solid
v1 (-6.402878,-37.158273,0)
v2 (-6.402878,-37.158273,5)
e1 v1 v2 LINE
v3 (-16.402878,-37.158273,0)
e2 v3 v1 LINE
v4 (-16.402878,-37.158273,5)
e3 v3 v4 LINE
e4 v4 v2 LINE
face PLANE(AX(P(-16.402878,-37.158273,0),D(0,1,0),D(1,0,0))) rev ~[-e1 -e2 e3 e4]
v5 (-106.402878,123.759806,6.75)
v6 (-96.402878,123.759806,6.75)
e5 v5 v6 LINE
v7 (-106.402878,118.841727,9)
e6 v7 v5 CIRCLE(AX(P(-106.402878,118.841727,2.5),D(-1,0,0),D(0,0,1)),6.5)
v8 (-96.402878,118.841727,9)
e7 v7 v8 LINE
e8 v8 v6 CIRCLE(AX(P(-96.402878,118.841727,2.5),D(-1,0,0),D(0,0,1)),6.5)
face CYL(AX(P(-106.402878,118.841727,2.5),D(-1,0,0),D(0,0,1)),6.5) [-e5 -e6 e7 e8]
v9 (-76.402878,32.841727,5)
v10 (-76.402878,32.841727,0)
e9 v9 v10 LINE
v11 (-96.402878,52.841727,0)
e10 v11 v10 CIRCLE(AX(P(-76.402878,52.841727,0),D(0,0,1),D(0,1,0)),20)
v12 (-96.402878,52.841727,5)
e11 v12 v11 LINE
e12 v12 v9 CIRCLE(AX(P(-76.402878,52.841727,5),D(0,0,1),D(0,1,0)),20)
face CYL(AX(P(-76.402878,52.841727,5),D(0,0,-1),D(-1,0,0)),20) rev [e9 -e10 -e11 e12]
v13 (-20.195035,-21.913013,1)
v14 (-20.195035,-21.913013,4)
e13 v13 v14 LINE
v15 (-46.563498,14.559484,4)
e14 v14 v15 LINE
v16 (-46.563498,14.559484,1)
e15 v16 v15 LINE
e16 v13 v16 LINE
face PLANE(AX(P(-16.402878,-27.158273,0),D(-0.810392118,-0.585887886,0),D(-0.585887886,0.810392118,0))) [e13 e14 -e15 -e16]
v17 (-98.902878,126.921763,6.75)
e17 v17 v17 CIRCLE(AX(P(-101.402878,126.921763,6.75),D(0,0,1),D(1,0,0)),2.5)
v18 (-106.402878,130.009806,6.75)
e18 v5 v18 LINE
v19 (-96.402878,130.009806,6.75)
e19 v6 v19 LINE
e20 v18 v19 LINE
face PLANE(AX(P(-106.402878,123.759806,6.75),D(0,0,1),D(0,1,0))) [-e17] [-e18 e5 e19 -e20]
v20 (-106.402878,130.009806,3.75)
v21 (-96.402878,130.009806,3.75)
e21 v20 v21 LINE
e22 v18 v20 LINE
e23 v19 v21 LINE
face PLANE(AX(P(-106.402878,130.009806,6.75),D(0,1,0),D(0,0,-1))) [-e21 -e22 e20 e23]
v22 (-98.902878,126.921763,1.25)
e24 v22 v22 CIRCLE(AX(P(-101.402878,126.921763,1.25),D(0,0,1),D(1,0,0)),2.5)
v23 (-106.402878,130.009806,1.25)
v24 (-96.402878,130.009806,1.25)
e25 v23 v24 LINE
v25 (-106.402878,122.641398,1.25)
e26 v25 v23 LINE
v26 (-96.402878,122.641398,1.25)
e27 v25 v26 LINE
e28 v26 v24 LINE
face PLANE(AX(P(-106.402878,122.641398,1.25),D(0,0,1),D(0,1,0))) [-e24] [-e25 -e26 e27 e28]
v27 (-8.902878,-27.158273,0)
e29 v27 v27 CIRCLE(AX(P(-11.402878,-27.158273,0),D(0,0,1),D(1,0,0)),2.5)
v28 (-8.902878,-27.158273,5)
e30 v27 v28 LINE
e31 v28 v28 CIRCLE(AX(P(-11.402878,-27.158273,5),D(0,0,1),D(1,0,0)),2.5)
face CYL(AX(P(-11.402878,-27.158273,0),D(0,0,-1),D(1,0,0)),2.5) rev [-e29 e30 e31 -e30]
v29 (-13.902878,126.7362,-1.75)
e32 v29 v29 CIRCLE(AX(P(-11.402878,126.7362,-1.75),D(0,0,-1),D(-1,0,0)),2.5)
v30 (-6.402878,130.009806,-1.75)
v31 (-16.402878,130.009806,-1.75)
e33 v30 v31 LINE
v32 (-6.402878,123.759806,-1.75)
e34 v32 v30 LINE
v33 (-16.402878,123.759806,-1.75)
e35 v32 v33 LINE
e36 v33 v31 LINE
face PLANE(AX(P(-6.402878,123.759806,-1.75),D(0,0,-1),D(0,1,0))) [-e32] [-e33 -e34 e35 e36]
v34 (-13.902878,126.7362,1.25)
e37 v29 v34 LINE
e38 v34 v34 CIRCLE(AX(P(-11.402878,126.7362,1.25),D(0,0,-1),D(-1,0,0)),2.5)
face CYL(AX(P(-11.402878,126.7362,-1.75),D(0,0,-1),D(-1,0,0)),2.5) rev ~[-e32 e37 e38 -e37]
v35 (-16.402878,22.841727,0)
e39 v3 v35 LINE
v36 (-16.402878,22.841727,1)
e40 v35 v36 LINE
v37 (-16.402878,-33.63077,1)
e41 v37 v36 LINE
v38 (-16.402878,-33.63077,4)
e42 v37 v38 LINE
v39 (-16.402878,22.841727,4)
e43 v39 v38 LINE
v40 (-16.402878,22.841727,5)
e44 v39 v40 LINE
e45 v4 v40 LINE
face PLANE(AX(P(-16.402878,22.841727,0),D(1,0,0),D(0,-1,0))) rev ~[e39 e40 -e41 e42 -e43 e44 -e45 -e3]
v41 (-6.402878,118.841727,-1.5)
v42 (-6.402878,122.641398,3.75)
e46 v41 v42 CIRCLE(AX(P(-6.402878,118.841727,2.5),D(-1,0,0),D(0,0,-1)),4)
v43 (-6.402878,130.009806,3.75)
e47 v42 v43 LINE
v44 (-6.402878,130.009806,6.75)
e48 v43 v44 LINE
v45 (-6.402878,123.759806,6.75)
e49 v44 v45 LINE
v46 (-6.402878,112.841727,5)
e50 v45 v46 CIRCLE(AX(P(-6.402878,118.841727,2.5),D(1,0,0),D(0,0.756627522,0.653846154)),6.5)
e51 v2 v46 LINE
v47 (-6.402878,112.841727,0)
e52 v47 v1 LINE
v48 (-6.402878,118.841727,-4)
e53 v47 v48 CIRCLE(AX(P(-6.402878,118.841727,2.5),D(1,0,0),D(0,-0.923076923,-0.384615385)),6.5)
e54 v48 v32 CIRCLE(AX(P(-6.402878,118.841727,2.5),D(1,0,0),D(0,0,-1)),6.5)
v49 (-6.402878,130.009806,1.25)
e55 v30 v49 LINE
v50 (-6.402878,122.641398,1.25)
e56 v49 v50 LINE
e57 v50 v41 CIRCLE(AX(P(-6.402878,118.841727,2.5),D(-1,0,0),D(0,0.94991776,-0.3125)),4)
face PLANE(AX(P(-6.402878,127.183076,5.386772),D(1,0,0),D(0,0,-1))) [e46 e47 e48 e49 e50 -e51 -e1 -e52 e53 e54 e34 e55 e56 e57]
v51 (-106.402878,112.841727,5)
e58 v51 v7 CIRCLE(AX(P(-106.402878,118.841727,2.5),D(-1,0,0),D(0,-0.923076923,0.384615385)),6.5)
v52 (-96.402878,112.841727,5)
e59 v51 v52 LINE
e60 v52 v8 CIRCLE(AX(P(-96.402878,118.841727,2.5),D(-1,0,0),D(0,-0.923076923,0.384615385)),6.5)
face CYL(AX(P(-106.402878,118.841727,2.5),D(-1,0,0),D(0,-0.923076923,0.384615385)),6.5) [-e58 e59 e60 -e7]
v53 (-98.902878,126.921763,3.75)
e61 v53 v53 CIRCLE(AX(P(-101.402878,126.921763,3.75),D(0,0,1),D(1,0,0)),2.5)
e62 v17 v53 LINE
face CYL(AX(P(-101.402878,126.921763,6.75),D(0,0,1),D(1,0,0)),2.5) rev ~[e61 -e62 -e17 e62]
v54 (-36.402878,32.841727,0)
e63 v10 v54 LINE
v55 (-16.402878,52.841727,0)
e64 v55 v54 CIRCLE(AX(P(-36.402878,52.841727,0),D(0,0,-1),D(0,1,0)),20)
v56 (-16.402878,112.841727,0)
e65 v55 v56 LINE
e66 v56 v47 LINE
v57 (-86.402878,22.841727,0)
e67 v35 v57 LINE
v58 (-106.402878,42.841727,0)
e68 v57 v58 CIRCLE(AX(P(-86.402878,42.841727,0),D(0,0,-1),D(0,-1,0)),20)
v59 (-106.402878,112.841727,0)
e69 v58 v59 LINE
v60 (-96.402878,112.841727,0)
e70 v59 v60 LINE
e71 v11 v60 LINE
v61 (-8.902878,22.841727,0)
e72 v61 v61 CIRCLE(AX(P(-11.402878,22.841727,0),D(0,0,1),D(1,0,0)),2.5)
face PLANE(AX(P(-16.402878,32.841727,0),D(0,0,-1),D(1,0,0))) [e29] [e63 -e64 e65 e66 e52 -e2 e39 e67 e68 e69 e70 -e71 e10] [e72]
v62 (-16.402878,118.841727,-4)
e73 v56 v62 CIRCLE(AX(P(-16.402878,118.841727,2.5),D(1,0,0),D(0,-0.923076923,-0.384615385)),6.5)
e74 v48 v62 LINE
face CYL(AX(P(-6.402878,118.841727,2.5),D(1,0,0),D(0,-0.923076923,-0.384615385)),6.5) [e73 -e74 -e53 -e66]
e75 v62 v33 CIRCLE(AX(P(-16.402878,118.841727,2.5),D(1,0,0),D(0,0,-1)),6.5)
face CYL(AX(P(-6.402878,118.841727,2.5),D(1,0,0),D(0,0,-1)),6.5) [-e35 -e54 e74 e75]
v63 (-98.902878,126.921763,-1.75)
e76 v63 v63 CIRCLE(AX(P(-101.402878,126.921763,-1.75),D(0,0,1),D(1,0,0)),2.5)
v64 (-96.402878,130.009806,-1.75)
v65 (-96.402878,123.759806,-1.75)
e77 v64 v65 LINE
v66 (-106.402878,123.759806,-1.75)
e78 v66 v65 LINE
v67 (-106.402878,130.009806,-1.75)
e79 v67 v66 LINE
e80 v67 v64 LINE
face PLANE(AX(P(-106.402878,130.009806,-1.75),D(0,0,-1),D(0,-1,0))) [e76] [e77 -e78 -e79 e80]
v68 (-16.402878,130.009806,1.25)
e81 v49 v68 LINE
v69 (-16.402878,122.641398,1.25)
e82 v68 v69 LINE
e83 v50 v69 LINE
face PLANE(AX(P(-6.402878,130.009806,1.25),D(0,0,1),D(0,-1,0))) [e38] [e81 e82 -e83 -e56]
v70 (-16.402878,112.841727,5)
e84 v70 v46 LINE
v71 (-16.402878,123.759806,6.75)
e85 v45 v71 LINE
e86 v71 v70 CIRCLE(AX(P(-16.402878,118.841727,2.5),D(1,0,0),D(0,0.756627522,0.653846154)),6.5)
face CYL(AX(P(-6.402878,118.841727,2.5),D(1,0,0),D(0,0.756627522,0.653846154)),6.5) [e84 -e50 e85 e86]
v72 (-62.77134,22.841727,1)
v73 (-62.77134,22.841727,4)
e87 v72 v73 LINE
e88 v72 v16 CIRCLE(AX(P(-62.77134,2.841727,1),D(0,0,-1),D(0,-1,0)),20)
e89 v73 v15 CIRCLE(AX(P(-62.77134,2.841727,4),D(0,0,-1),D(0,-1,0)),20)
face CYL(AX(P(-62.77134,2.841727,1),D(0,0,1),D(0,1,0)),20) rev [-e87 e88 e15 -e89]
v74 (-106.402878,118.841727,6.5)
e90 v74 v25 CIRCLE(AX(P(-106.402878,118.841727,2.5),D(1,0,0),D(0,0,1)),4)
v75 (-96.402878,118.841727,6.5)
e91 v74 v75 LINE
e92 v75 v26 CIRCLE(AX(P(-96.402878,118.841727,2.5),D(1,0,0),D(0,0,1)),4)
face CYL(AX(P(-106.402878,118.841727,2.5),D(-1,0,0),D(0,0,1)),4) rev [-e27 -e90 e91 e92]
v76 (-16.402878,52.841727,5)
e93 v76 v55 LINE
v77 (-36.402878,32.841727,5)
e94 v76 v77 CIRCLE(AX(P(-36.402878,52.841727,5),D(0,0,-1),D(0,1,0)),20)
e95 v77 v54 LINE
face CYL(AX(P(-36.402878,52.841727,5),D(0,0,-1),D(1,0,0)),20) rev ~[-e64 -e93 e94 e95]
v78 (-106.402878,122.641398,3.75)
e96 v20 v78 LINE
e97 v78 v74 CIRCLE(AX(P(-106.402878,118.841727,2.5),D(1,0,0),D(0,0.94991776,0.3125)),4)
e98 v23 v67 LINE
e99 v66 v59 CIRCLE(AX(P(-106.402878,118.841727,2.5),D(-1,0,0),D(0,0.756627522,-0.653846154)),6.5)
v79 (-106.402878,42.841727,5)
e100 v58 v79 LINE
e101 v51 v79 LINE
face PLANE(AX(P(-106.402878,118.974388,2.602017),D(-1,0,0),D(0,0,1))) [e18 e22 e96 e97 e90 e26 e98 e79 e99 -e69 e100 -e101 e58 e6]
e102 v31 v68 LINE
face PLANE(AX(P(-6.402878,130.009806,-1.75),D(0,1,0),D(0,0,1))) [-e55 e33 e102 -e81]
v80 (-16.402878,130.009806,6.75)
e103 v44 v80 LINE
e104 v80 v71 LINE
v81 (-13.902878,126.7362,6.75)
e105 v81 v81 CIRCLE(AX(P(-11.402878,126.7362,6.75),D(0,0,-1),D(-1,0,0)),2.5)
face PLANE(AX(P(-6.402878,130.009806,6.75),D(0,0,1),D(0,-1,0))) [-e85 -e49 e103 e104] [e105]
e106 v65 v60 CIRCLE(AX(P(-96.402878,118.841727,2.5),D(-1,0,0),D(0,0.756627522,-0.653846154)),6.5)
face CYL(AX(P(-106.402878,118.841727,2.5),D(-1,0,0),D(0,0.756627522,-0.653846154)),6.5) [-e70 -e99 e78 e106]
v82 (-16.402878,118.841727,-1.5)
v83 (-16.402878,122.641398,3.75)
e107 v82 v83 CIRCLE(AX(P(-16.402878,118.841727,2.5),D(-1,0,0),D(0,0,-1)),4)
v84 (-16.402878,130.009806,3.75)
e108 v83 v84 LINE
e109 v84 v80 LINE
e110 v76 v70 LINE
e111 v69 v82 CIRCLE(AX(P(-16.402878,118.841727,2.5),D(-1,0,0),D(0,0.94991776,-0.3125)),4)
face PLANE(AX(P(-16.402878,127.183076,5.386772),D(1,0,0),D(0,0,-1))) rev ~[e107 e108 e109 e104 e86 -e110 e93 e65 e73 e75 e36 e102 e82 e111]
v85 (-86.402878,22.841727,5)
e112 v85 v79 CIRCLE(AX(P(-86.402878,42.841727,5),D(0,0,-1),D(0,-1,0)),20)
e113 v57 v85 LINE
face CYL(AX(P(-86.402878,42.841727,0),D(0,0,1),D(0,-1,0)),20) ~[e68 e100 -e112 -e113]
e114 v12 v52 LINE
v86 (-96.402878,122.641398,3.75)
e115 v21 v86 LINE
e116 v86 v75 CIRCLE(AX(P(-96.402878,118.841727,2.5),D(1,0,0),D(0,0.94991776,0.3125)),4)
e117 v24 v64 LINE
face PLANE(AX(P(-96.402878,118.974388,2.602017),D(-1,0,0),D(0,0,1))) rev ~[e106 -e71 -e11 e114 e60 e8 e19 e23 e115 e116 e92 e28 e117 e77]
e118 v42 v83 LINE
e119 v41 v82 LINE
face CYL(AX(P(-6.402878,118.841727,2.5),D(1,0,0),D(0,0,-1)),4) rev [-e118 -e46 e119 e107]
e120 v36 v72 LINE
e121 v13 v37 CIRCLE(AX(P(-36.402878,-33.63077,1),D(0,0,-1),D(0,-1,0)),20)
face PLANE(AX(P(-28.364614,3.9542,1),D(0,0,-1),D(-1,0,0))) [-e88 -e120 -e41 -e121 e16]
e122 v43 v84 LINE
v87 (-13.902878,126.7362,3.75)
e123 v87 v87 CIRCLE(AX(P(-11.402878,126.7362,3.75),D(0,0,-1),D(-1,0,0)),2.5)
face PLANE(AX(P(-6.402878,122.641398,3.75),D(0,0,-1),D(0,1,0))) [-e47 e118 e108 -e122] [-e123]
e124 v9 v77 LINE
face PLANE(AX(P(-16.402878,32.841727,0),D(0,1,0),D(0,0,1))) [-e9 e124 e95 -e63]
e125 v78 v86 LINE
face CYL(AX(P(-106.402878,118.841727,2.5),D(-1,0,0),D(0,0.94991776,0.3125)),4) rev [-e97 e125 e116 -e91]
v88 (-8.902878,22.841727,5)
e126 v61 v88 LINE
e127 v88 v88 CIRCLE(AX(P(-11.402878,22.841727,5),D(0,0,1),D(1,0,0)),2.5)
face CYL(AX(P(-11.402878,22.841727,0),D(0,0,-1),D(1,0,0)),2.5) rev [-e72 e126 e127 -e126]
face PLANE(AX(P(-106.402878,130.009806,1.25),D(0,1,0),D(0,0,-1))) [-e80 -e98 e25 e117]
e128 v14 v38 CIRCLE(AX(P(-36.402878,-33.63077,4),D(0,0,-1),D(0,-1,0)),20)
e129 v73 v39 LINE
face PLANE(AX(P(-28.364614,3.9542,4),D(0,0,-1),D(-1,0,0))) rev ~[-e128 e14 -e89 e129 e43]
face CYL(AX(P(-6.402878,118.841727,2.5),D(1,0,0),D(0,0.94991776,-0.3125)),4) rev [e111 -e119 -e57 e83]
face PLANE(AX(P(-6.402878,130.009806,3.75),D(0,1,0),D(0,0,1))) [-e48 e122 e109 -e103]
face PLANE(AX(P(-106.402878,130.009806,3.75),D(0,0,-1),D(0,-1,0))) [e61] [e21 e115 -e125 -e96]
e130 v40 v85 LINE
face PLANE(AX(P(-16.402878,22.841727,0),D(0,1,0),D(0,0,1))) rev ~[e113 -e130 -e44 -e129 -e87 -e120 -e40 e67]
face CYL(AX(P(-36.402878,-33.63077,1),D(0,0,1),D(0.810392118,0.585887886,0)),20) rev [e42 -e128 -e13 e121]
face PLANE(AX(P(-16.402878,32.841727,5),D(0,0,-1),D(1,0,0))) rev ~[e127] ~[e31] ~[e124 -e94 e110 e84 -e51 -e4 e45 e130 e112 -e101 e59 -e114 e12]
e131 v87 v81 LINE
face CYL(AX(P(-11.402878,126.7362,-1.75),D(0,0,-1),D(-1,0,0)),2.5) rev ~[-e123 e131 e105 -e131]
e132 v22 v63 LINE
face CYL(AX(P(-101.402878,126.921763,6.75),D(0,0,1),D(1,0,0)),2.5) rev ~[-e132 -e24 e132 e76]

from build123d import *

# Parameters (mm, degrees)
SKETCH1_W           = 10
SKETCH1_H           = 70
SKETCH1_R           = 2.5
BOSS_EXTRUDE1_DEPTH = 5
SKETCH2_W           = 5
SKETCH2_H           = 10
BOSS_EXTRUDE2_DEPTH = 90
BOSS_EXTRUDE3_DEPTH = 4
SKETCH5_W           = 10
SKETCH5_H           = 5
BOSS_EXTRUDE4_DEPTH = 80
BOSS_EXTRUDE5_DEPTH = 10
SKETCH7_R           = 2.5
CUT_EXTRUDE1_DEPTH  = 10
BOSS_EXTRUDE6_DEPTH = 10
SKETCH9_R           = 2.5
CUT_EXTRUDE2_DEPTH  = 10
CUT_EXTRUDE3_DEPTH  = 1
FILLET1_R           = 20


with BuildPart() as part:
    # Sketch1 → Boss-Extrude1 (new body)
    with BuildSketch(Plane.XY):
        with Locations((-11.402877698, -2.158273381)):
            Rectangle(SKETCH1_W, SKETCH1_H)
        with Locations((-11.402877698, 22.841726619)):
            Circle(SKETCH1_R, mode=Mode.SUBTRACT)
        with Locations((-11.402877698, -27.158273381)):
            Circle(SKETCH1_R, mode=Mode.SUBTRACT)
    extrude(amount=BOSS_EXTRUDE1_DEPTH)

    # Sketch2 → Boss-Extrude2 (add)
    with BuildSketch(Plane.ZY.offset(16.402877698)):
        with Locations((2.5, 27.841726619)):
            Rectangle(SKETCH2_W, SKETCH2_H)
    extrude(amount=BOSS_EXTRUDE2_DEPTH)

    # Sketch3 → Boss-Extrude3 (add)
    with BuildSketch(Plane(origin=(0, 0, 0), x_dir=(-1, 0, 0), z_dir=(0, 0, -1))):
        Polygon((16.402877698, -27.158273381), (52.551297267, 22.841726619), (16.402877698, 22.841726619), align=None)
    extrude(amount=-BOSS_EXTRUDE3_DEPTH)

    # Sketch5 → Boss-Extrude4 (add)
    with BuildSketch(Plane(origin=(0, 32.841726619, 0), x_dir=(1, 0, 0), z_dir=(0, 1, 0))):
        with Locations((-11.402877698, -2.5)):
            Rectangle(SKETCH5_W, SKETCH5_H)
        with Locations((-101.402877698, -2.5)):
            Rectangle(SKETCH5_W, SKETCH5_H)
    extrude(amount=BOSS_EXTRUDE4_DEPTH)

    # Sketch6 → Boss-Extrude5 (add)
    with BuildSketch(Plane(origin=(-6.402877698, 0, 0), x_dir=(0, 0, -1), z_dir=(1, 0, 0))):
        with BuildLine():
            Line((-6.75, 130.009805512), (-6.75, 123.759805512))
            ThreePointArc((-6.75, 123.759805512), (-5.34531818, 124.685883055), (-3.75, 125.22040203))
            Line((-3.75, 125.22040203), (-3.75, 130.009805512))
            Line((-3.75, 130.009805512), (-6.75, 130.009805512))
        make_face()
        with BuildLine():
            ThreePointArc((-3.75, 125.22040203), (-5.34531818, 124.685883055), (-6.75, 123.759805512))
            ThreePointArc((-6.75, 123.759805512), (-8.918078893, 117.813007357), (-5, 112.841726619))
            Line((-5, 112.841726619), (0, 112.841726619))
            ThreePointArc((0, 112.841726619), (2.908326913, 115.236175343), (4, 118.841726619))
            ThreePointArc((4, 118.841726619), (3.410795209, 121.545890075), (1.75, 123.759805512))
            ThreePointArc((1.75, 123.759805512), (0.34531818, 124.685883055), (-1.25, 125.22040203))
            Line((-1.25, 125.22040203), (-1.25, 122.641397657))
            ThreePointArc((-1.25, 122.641397657), (0.740370349, 121.186934499), (1.5, 118.841726619))
            ThreePointArc((1.5, 118.841726619), (-4.84520788, 115.60135627), (-3.75, 122.641397657))
            Line((-3.75, 122.641397657), (-3.75, 125.22040203))
        make_face()
        with BuildLine():
            Line((-1.25, 130.009805512), (-1.25, 125.22040203))
            ThreePointArc((-1.25, 125.22040203), (0.34531818, 124.685883055), (1.75, 123.759805512))
            Line((1.75, 123.759805512), (1.75, 130.009805512))
            Line((1.75, 130.009805512), (-1.25, 130.009805512))
        make_face()
    extrude(amount=-BOSS_EXTRUDE5_DEPTH)

    # Sketch7 → Cut-Extrude1 (cut)
    with BuildSketch(Plane(origin=(0, 0, -1.75), x_dir=(-1, 0, 0), z_dir=(0, 0, -1))):
        with Locations((11.402877698, 126.736200343)):
            Circle(SKETCH7_R)
    extrude(amount=-CUT_EXTRUDE1_DEPTH, mode=Mode.SUBTRACT)

    # Sketch8 → Boss-Extrude6 (add)
    with BuildSketch(Plane.ZY.offset(106.402877698)):
        with BuildLine():
            ThreePointArc((1.25, 125.22040203), (-0.34531818, 124.685883055), (-1.75, 123.759805512))
            ThreePointArc((-1.75, 123.759805512), (-3.918078893, 117.813007357), (0, 112.841726619))
            Line((0, 112.841726619), (5, 112.841726619))
            ThreePointArc((5, 112.841726619), (7.908326913, 115.236175343), (9, 118.841726619))
            ThreePointArc((9, 118.841726619), (8.410795209, 121.545890075), (6.75, 123.759805512))
            ThreePointArc((6.75, 123.759805512), (5.34531818, 124.685883055), (3.75, 125.22040203))
            Line((3.75, 125.22040203), (3.75, 122.641397657))
            ThreePointArc((3.75, 122.641397657), (5.740370349, 121.186934499), (6.5, 118.841726619))
            ThreePointArc((6.5, 118.841726619), (0.15479212, 115.60135627), (1.25, 122.641397657))
            Line((1.25, 122.641397657), (1.25, 125.22040203))
        make_face()
        with BuildLine():
            Line((1.25, 130.009805512), (-1.75, 130.009805512))
            Line((-1.75, 130.009805512), (-1.75, 123.759805512))
            ThreePointArc((-1.75, 123.759805512), (-0.34531818, 124.685883055), (1.25, 125.22040203))
            Line((1.25, 125.22040203), (1.25, 130.009805512))
        make_face()
        with BuildLine():
            Line((3.75, 130.009805512), (3.75, 125.22040203))
            ThreePointArc((3.75, 125.22040203), (5.34531818, 124.685883055), (6.75, 123.759805512))
            Line((6.75, 123.759805512), (6.75, 130.009805512))
            Line((6.75, 130.009805512), (3.75, 130.009805512))
        make_face()
    extrude(amount=-BOSS_EXTRUDE6_DEPTH)

    # Sketch9 → Cut-Extrude2 (cut)
    with BuildSketch(Plane.XY.offset(6.75)):
        with Locations((-101.402877698, 126.921763381)):
            Circle(SKETCH9_R)
    extrude(amount=-CUT_EXTRUDE2_DEPTH, mode=Mode.SUBTRACT)

    # Sketch10 → Cut-Extrude3 (cut)
    with BuildSketch(Plane(origin=(0, 0, 0), x_dir=(-1, 0, 0), z_dir=(0, 0, -1))):
        Polygon((16.402877698, -27.158273381), (52.551297267, 22.841726619), (16.402877698, 22.841726619), align=None)
    extrude(amount=-CUT_EXTRUDE3_DEPTH, mode=Mode.SUBTRACT)

    # Fillet1
    fillet1_edges = [part.edges().sort_by_distance(p)[0] for p in [
        (-106.402877698, 22.841726619, 2.5),
        (-16.402877698, -27.158273381, 2.5),
        (-52.551297267, 22.841726619, 2.5),
        (-96.402877698, 32.841726619, 2.5),
        (-16.402877698, 32.841726619, 2.5),
    ]]
    fillet(fillet1_edges, radius=FILLET1_R)


solid = part.part
